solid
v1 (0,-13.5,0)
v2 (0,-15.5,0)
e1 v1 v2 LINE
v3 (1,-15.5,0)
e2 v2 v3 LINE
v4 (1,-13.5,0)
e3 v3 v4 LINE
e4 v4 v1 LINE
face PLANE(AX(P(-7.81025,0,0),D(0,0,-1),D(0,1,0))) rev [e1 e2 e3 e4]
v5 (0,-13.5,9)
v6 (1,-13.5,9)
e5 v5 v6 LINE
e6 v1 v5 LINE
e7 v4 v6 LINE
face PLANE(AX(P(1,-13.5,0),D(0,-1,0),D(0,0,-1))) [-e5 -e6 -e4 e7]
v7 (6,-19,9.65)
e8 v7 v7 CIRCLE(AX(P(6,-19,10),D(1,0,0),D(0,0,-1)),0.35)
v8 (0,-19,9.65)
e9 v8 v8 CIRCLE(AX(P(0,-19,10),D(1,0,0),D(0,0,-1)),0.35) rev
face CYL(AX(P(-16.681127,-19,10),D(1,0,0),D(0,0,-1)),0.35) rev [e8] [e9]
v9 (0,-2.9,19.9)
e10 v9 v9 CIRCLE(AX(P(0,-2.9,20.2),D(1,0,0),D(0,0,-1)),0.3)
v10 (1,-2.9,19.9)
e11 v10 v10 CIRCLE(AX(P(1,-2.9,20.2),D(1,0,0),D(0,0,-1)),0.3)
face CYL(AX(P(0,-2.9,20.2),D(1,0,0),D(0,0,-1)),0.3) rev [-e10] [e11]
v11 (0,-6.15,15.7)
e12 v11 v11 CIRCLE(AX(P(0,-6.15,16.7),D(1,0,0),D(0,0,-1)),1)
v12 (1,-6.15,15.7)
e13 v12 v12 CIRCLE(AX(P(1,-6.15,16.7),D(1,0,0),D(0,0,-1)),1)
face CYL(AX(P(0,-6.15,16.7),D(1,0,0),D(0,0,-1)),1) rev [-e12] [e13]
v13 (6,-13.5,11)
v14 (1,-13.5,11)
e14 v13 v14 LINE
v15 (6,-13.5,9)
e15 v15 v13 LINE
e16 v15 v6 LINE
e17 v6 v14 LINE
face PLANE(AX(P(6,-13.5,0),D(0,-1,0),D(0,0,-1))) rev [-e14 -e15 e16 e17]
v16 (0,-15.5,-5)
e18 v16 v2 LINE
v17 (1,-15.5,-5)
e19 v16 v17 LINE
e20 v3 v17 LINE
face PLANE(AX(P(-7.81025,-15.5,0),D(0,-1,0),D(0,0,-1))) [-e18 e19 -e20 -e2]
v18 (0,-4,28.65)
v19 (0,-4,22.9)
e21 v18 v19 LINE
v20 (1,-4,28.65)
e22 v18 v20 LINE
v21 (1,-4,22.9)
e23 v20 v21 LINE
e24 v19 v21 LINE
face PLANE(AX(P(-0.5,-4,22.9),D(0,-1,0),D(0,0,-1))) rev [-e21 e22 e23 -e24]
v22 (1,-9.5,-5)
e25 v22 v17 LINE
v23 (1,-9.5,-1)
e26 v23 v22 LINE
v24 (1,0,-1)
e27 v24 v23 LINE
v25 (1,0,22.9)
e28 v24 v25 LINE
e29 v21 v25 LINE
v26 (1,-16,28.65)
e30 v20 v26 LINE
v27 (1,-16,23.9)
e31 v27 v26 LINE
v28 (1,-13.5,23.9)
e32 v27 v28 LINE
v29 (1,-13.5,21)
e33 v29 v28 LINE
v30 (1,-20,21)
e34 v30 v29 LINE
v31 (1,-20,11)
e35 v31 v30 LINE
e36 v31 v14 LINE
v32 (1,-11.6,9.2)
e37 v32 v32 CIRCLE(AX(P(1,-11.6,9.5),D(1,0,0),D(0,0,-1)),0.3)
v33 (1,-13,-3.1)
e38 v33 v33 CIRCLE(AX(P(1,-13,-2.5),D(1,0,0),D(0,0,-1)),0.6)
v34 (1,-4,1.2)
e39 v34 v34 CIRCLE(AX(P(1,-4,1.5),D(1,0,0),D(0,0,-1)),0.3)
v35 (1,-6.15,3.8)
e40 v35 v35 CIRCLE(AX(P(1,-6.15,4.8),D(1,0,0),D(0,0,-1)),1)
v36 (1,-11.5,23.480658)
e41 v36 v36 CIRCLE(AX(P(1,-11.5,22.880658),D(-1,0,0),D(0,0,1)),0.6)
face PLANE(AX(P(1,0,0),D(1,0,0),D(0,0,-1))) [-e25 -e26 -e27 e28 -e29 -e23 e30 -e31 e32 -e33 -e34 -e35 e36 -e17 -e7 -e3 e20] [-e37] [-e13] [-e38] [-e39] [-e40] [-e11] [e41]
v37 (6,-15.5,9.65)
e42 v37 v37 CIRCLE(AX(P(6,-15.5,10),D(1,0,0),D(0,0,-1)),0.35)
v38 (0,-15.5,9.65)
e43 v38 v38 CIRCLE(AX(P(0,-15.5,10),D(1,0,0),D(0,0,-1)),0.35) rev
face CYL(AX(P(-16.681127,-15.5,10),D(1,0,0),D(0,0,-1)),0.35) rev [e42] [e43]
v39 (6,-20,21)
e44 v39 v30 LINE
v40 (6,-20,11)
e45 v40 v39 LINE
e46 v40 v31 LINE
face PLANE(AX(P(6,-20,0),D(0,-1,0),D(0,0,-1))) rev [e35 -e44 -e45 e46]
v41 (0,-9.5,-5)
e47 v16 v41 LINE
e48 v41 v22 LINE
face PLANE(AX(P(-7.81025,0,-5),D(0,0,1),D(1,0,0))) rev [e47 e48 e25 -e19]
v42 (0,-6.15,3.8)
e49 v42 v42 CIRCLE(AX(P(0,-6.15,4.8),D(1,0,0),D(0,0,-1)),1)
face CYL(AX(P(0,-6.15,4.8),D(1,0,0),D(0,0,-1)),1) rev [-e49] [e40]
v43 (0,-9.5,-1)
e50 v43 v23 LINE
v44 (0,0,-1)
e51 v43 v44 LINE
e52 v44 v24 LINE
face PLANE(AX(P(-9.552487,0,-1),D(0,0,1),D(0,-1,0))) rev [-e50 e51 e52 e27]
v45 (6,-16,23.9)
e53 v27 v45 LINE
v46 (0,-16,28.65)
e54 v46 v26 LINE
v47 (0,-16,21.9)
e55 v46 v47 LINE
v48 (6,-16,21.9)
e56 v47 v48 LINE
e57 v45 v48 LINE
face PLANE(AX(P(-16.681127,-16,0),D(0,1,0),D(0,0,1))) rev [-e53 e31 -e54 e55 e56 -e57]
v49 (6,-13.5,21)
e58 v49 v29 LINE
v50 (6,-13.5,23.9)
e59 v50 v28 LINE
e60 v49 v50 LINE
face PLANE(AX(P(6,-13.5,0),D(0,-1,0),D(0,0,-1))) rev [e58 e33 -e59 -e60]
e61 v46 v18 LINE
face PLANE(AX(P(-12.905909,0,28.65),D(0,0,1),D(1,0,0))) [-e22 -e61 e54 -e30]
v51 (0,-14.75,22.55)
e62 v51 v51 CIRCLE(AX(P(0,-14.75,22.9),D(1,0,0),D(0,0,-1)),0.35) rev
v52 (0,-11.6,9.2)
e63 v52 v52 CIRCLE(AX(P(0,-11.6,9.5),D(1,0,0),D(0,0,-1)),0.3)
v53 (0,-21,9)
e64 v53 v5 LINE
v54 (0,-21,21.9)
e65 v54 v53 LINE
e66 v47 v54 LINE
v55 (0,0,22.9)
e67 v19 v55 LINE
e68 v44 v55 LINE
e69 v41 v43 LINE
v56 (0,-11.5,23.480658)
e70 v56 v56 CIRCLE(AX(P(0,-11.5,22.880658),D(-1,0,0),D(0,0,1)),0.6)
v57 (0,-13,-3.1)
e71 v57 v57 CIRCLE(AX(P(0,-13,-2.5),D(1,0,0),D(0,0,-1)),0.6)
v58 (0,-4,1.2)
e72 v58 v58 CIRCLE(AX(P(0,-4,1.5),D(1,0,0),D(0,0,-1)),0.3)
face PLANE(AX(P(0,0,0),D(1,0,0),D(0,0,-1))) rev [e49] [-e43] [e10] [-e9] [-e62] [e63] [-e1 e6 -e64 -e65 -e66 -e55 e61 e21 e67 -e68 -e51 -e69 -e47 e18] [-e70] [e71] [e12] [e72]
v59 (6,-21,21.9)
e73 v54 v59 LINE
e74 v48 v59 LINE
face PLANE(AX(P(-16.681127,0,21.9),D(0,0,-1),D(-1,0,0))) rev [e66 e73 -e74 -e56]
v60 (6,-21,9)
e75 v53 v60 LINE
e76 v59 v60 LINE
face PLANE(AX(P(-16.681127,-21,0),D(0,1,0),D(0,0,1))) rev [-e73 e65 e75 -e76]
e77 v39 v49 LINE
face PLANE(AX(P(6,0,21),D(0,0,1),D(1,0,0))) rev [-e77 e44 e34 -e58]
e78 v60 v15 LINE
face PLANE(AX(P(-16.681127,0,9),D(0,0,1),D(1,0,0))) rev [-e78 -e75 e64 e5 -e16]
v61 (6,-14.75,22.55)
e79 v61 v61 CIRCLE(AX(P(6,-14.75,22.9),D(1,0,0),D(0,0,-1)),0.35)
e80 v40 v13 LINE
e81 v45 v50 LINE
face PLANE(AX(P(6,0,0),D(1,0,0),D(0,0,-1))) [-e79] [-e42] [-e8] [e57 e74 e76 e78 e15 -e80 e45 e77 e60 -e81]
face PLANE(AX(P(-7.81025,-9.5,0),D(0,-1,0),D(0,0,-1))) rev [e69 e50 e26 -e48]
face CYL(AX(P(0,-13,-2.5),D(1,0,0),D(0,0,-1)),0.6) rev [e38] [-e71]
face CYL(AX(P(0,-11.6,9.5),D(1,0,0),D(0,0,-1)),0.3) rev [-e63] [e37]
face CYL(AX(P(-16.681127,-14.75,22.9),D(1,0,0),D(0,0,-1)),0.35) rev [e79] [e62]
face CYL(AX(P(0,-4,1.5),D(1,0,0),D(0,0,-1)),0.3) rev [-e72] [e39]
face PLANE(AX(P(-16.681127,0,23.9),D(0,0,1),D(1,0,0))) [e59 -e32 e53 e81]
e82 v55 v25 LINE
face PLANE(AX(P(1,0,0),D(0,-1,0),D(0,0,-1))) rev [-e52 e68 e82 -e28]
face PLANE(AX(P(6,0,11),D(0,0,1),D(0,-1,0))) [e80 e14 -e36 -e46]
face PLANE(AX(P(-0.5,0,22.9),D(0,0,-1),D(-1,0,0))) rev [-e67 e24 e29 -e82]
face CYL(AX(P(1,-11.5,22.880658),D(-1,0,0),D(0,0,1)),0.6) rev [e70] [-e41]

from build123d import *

# Parameters (mm, degrees)
SKETCH_1_W          = 28
SKETCH_1_H          = 13.5
EXTRUDE_1_DEPTH     = 1
SKETCH_2_R          = 0.3
CUT_EXTRUDE_1_DEPTH = 32.10064308
SKETCH_2_3_W        = 5
SKETCH_2_3_H        = 6
EXTRUDE_2_DEPTH     = 1
SKETCH_2_4_R        = 0.6
CUT_EXTRUDE_2_DEPTH = 33.019525293
SKETCH_3_R          = 1
CUT_EXTRUDE_3_DEPTH = 33.019525293
SKETCH_4_W          = 7
SKETCH_4_H          = 4
CUT_EXTRUDE_4_DEPTH = 1.5
SKETCH_5_R          = 0.6
CUT_EXTRUDE_5_DEPTH = 33.019525293
SKETCH_6_W          = 1
SKETCH_6_H          = 9.5
EXTRUDE_3_DEPTH     = 1
SKETCH_7_W          = 2
SKETCH_7_H          = 6.5
SKETCH_7_R          = 0.35
SKETCH_7_H_2        = 2.5
EXTRUDE_4_DEPTH     = 1
EXTRUDE_START       = 5
SKETCH_7_3_W        = 2
SKETCH_7_3_H        = 2.5
SKETCH_7_3_R        = 0.35
SKETCH_7_3_H_2      = 6.5
EXTRUDE_5_DEPTH     = 5
SKETCH_8_W          = 0.65
SKETCH_8_H          = 9.5
EXTRUDE_6_DEPTH     = 1


with BuildPart() as part:
    # 草图1 → 凸台-拉伸1 (new body)
    with BuildSketch(Plane(origin=(0, 0, 0), x_dir=(0, 0, -1), z_dir=(1, 0, 0))):
        with Locations((-14, -6.75)):
            Rectangle(SKETCH_1_W, SKETCH_1_H)
    extrude(amount=EXTRUDE_1_DEPTH)

    # 草图2 → 切除-拉伸1 (cut, through all)
    with BuildSketch(Plane(origin=(1, 0, 0), x_dir=(0, 0, -1), z_dir=(1, 0, 0))):
        with Locations((-1.5, -4)):
            Circle(SKETCH_2_R)
        with Locations((-20.2, -2.9)):
            Circle(SKETCH_2_R)
        with Locations((-9.5, -11.6)):
            Circle(SKETCH_2_R)
    extrude(amount=-CUT_EXTRUDE_1_DEPTH, mode=Mode.SUBTRACT)

    # 草图2<3> → 凸台-拉伸2 (add)
    with BuildSketch(Plane(origin=(1, 0, 0), x_dir=(0, 0, -1), z_dir=(1, 0, 0))):
        with Locations((2.5, -12.5)):
            Rectangle(SKETCH_2_3_W, SKETCH_2_3_H)
    extrude(amount=-EXTRUDE_2_DEPTH)

    # 草图2<4> → 切除-拉伸2 (cut, through all)
    with BuildSketch(Plane(origin=(1, 0, 0), x_dir=(0, 0, -1), z_dir=(1, 0, 0))):
        with Locations((2.5, -13)):
            Circle(SKETCH_2_4_R)
    extrude(amount=-CUT_EXTRUDE_2_DEPTH, mode=Mode.SUBTRACT)

    # 草图3 → 切除-拉伸3 (cut, through all)
    with BuildSketch(Plane(origin=(1, 0, 0), x_dir=(0, 0, -1), z_dir=(1, 0, 0))):
        with Locations((-4.8, -6.15)):
            Circle(SKETCH_3_R)
        with Locations((-16.7, -6.15)):
            Circle(SKETCH_3_R)
    extrude(amount=-CUT_EXTRUDE_3_DEPTH, mode=Mode.SUBTRACT)

    # 草图4 → 切除-拉伸4 (cut)
    with BuildSketch(Plane(origin=(1, 0, 0), x_dir=(0, 0, -1), z_dir=(1, 0, 0))):
        with Locations((-26.4, -2)):
            Rectangle(SKETCH_4_W, SKETCH_4_H)
    extrude(amount=-CUT_EXTRUDE_4_DEPTH, mode=Mode.SUBTRACT)

    # 草图5 → 切除-拉伸5 (cut, through all)
    with BuildSketch(Plane.ZY):
        with Locations((22.880658046, -11.5)):
            Circle(SKETCH_5_R)
    extrude(amount=-CUT_EXTRUDE_5_DEPTH, mode=Mode.SUBTRACT)

    # 草图6 → 凸台-拉伸3 (add)
    with BuildSketch(Plane(origin=(1, 0, 0), x_dir=(0, 0, -1), z_dir=(1, 0, 0))):
        with Locations((0.5, -4.75)):
            Rectangle(SKETCH_6_W, SKETCH_6_H)
    extrude(amount=-EXTRUDE_3_DEPTH)

    # 草图7 → 凸台-拉伸4 (add)
    # profile 1 of 5: a face of its own
    with BuildSketch(Plane(origin=(1, 0, 0), x_dir=(0, 0, -1), z_dir=(1, 0, 0))):
        Polygon((-11, -13.5), (-11, -10), (-21, -10), (-21, -13.5), (-21, -20), (-11, -20), align=None)
    # profile 2 of 5: a face of its own
    with BuildSketch(Plane(origin=(1, 0, 0), x_dir=(0, 0, -1), z_dir=(1, 0, 0))):
        with Locations((-10, -16.75)):
            Rectangle(SKETCH_7_W, SKETCH_7_H)
        with Locations((-10, -19)):
            Circle(SKETCH_7_R, mode=Mode.SUBTRACT)
        with Locations((-10, -15.5)):
            Circle(SKETCH_7_R, mode=Mode.SUBTRACT)
    # profile 3 of 5: a face of its own
    with BuildSketch(Plane(origin=(1, 0, 0), x_dir=(0, 0, -1), z_dir=(1, 0, 0))):
        Polygon((-21, -20), (-21, -13.5), (-21.9, -13.5), (-21.9, -16), (-21.9, -21), (-21, -21), align=None)
    # profile 4 of 5: a face of its own
    with BuildSketch(Plane(origin=(1, 0, 0), x_dir=(0, 0, -1), z_dir=(1, 0, 0))):
        Polygon((-9, -20), (-11, -20), (-21, -20), (-21, -21), (-9, -21), align=None)
    # profile 5 of 5: a face of its own
    with BuildSketch(Plane(origin=(1, 0, 0), x_dir=(0, 0, -1), z_dir=(1, 0, 0))):
        with Locations((-22.9, -14.75)):
            Rectangle(SKETCH_7_W, SKETCH_7_H_2)
        with Locations((-22.9, -14.75)):
            Circle(SKETCH_7_R, mode=Mode.SUBTRACT)
    extrude(amount=-EXTRUDE_4_DEPTH)

    # 草图7<3> → 凸台-拉伸5 (add)
    # profile 1 of 4: a face of its own
    with BuildSketch(Plane(origin=(1, 0, 0), x_dir=(0, 0, -1), z_dir=(1, 0, 0)).offset(EXTRUDE_START)):
        Polygon((-21, -20), (-21, -13.5), (-21.9, -13.5), (-21.9, -16), (-21.9, -21), (-21, -21), align=None)
    # profile 2 of 4: a face of its own
    with BuildSketch(Plane(origin=(1, 0, 0), x_dir=(0, 0, -1), z_dir=(1, 0, 0)).offset(EXTRUDE_START)):
        with Locations((-22.9, -14.75)):
            Rectangle(SKETCH_7_3_W, SKETCH_7_3_H)
        with Locations((-22.9, -14.75)):
            Circle(SKETCH_7_3_R, mode=Mode.SUBTRACT)
    # profile 3 of 4: a face of its own
    with BuildSketch(Plane(origin=(1, 0, 0), x_dir=(0, 0, -1), z_dir=(1, 0, 0)).offset(EXTRUDE_START)):
        Polygon((-9, -20), (-9, -21), (-21, -21), (-21, -20), (-11, -20), align=None)
    # profile 4 of 4: a face of its own
    with BuildSketch(Plane(origin=(1, 0, 0), x_dir=(0, 0, -1), z_dir=(1, 0, 0)).offset(EXTRUDE_START)):
        with Locations((-10, -16.75)):
            Rectangle(SKETCH_7_3_W, SKETCH_7_3_H_2)
        with Locations((-10, -19)):
            Circle(SKETCH_7_3_R, mode=Mode.SUBTRACT)
        with Locations((-10, -15.5)):
            Circle(SKETCH_7_3_R, mode=Mode.SUBTRACT)
    extrude(amount=-EXTRUDE_5_DEPTH)

    # 草图8 → 凸台-拉伸6 (add)
    with BuildSketch(Plane(origin=(1, 0, 0), x_dir=(0, 0, -1), z_dir=(1, 0, 0))):
        with Locations((-28.325, -8.75)):
            Rectangle(SKETCH_8_W, SKETCH_8_H)
        Polygon((-28.65, -16), (-23.9, -16), (-23.9, -13.5), (-28, -13.5), (-28.65, -13.5), align=None)
    extrude(amount=-EXTRUDE_6_DEPTH)


solid = part.part
